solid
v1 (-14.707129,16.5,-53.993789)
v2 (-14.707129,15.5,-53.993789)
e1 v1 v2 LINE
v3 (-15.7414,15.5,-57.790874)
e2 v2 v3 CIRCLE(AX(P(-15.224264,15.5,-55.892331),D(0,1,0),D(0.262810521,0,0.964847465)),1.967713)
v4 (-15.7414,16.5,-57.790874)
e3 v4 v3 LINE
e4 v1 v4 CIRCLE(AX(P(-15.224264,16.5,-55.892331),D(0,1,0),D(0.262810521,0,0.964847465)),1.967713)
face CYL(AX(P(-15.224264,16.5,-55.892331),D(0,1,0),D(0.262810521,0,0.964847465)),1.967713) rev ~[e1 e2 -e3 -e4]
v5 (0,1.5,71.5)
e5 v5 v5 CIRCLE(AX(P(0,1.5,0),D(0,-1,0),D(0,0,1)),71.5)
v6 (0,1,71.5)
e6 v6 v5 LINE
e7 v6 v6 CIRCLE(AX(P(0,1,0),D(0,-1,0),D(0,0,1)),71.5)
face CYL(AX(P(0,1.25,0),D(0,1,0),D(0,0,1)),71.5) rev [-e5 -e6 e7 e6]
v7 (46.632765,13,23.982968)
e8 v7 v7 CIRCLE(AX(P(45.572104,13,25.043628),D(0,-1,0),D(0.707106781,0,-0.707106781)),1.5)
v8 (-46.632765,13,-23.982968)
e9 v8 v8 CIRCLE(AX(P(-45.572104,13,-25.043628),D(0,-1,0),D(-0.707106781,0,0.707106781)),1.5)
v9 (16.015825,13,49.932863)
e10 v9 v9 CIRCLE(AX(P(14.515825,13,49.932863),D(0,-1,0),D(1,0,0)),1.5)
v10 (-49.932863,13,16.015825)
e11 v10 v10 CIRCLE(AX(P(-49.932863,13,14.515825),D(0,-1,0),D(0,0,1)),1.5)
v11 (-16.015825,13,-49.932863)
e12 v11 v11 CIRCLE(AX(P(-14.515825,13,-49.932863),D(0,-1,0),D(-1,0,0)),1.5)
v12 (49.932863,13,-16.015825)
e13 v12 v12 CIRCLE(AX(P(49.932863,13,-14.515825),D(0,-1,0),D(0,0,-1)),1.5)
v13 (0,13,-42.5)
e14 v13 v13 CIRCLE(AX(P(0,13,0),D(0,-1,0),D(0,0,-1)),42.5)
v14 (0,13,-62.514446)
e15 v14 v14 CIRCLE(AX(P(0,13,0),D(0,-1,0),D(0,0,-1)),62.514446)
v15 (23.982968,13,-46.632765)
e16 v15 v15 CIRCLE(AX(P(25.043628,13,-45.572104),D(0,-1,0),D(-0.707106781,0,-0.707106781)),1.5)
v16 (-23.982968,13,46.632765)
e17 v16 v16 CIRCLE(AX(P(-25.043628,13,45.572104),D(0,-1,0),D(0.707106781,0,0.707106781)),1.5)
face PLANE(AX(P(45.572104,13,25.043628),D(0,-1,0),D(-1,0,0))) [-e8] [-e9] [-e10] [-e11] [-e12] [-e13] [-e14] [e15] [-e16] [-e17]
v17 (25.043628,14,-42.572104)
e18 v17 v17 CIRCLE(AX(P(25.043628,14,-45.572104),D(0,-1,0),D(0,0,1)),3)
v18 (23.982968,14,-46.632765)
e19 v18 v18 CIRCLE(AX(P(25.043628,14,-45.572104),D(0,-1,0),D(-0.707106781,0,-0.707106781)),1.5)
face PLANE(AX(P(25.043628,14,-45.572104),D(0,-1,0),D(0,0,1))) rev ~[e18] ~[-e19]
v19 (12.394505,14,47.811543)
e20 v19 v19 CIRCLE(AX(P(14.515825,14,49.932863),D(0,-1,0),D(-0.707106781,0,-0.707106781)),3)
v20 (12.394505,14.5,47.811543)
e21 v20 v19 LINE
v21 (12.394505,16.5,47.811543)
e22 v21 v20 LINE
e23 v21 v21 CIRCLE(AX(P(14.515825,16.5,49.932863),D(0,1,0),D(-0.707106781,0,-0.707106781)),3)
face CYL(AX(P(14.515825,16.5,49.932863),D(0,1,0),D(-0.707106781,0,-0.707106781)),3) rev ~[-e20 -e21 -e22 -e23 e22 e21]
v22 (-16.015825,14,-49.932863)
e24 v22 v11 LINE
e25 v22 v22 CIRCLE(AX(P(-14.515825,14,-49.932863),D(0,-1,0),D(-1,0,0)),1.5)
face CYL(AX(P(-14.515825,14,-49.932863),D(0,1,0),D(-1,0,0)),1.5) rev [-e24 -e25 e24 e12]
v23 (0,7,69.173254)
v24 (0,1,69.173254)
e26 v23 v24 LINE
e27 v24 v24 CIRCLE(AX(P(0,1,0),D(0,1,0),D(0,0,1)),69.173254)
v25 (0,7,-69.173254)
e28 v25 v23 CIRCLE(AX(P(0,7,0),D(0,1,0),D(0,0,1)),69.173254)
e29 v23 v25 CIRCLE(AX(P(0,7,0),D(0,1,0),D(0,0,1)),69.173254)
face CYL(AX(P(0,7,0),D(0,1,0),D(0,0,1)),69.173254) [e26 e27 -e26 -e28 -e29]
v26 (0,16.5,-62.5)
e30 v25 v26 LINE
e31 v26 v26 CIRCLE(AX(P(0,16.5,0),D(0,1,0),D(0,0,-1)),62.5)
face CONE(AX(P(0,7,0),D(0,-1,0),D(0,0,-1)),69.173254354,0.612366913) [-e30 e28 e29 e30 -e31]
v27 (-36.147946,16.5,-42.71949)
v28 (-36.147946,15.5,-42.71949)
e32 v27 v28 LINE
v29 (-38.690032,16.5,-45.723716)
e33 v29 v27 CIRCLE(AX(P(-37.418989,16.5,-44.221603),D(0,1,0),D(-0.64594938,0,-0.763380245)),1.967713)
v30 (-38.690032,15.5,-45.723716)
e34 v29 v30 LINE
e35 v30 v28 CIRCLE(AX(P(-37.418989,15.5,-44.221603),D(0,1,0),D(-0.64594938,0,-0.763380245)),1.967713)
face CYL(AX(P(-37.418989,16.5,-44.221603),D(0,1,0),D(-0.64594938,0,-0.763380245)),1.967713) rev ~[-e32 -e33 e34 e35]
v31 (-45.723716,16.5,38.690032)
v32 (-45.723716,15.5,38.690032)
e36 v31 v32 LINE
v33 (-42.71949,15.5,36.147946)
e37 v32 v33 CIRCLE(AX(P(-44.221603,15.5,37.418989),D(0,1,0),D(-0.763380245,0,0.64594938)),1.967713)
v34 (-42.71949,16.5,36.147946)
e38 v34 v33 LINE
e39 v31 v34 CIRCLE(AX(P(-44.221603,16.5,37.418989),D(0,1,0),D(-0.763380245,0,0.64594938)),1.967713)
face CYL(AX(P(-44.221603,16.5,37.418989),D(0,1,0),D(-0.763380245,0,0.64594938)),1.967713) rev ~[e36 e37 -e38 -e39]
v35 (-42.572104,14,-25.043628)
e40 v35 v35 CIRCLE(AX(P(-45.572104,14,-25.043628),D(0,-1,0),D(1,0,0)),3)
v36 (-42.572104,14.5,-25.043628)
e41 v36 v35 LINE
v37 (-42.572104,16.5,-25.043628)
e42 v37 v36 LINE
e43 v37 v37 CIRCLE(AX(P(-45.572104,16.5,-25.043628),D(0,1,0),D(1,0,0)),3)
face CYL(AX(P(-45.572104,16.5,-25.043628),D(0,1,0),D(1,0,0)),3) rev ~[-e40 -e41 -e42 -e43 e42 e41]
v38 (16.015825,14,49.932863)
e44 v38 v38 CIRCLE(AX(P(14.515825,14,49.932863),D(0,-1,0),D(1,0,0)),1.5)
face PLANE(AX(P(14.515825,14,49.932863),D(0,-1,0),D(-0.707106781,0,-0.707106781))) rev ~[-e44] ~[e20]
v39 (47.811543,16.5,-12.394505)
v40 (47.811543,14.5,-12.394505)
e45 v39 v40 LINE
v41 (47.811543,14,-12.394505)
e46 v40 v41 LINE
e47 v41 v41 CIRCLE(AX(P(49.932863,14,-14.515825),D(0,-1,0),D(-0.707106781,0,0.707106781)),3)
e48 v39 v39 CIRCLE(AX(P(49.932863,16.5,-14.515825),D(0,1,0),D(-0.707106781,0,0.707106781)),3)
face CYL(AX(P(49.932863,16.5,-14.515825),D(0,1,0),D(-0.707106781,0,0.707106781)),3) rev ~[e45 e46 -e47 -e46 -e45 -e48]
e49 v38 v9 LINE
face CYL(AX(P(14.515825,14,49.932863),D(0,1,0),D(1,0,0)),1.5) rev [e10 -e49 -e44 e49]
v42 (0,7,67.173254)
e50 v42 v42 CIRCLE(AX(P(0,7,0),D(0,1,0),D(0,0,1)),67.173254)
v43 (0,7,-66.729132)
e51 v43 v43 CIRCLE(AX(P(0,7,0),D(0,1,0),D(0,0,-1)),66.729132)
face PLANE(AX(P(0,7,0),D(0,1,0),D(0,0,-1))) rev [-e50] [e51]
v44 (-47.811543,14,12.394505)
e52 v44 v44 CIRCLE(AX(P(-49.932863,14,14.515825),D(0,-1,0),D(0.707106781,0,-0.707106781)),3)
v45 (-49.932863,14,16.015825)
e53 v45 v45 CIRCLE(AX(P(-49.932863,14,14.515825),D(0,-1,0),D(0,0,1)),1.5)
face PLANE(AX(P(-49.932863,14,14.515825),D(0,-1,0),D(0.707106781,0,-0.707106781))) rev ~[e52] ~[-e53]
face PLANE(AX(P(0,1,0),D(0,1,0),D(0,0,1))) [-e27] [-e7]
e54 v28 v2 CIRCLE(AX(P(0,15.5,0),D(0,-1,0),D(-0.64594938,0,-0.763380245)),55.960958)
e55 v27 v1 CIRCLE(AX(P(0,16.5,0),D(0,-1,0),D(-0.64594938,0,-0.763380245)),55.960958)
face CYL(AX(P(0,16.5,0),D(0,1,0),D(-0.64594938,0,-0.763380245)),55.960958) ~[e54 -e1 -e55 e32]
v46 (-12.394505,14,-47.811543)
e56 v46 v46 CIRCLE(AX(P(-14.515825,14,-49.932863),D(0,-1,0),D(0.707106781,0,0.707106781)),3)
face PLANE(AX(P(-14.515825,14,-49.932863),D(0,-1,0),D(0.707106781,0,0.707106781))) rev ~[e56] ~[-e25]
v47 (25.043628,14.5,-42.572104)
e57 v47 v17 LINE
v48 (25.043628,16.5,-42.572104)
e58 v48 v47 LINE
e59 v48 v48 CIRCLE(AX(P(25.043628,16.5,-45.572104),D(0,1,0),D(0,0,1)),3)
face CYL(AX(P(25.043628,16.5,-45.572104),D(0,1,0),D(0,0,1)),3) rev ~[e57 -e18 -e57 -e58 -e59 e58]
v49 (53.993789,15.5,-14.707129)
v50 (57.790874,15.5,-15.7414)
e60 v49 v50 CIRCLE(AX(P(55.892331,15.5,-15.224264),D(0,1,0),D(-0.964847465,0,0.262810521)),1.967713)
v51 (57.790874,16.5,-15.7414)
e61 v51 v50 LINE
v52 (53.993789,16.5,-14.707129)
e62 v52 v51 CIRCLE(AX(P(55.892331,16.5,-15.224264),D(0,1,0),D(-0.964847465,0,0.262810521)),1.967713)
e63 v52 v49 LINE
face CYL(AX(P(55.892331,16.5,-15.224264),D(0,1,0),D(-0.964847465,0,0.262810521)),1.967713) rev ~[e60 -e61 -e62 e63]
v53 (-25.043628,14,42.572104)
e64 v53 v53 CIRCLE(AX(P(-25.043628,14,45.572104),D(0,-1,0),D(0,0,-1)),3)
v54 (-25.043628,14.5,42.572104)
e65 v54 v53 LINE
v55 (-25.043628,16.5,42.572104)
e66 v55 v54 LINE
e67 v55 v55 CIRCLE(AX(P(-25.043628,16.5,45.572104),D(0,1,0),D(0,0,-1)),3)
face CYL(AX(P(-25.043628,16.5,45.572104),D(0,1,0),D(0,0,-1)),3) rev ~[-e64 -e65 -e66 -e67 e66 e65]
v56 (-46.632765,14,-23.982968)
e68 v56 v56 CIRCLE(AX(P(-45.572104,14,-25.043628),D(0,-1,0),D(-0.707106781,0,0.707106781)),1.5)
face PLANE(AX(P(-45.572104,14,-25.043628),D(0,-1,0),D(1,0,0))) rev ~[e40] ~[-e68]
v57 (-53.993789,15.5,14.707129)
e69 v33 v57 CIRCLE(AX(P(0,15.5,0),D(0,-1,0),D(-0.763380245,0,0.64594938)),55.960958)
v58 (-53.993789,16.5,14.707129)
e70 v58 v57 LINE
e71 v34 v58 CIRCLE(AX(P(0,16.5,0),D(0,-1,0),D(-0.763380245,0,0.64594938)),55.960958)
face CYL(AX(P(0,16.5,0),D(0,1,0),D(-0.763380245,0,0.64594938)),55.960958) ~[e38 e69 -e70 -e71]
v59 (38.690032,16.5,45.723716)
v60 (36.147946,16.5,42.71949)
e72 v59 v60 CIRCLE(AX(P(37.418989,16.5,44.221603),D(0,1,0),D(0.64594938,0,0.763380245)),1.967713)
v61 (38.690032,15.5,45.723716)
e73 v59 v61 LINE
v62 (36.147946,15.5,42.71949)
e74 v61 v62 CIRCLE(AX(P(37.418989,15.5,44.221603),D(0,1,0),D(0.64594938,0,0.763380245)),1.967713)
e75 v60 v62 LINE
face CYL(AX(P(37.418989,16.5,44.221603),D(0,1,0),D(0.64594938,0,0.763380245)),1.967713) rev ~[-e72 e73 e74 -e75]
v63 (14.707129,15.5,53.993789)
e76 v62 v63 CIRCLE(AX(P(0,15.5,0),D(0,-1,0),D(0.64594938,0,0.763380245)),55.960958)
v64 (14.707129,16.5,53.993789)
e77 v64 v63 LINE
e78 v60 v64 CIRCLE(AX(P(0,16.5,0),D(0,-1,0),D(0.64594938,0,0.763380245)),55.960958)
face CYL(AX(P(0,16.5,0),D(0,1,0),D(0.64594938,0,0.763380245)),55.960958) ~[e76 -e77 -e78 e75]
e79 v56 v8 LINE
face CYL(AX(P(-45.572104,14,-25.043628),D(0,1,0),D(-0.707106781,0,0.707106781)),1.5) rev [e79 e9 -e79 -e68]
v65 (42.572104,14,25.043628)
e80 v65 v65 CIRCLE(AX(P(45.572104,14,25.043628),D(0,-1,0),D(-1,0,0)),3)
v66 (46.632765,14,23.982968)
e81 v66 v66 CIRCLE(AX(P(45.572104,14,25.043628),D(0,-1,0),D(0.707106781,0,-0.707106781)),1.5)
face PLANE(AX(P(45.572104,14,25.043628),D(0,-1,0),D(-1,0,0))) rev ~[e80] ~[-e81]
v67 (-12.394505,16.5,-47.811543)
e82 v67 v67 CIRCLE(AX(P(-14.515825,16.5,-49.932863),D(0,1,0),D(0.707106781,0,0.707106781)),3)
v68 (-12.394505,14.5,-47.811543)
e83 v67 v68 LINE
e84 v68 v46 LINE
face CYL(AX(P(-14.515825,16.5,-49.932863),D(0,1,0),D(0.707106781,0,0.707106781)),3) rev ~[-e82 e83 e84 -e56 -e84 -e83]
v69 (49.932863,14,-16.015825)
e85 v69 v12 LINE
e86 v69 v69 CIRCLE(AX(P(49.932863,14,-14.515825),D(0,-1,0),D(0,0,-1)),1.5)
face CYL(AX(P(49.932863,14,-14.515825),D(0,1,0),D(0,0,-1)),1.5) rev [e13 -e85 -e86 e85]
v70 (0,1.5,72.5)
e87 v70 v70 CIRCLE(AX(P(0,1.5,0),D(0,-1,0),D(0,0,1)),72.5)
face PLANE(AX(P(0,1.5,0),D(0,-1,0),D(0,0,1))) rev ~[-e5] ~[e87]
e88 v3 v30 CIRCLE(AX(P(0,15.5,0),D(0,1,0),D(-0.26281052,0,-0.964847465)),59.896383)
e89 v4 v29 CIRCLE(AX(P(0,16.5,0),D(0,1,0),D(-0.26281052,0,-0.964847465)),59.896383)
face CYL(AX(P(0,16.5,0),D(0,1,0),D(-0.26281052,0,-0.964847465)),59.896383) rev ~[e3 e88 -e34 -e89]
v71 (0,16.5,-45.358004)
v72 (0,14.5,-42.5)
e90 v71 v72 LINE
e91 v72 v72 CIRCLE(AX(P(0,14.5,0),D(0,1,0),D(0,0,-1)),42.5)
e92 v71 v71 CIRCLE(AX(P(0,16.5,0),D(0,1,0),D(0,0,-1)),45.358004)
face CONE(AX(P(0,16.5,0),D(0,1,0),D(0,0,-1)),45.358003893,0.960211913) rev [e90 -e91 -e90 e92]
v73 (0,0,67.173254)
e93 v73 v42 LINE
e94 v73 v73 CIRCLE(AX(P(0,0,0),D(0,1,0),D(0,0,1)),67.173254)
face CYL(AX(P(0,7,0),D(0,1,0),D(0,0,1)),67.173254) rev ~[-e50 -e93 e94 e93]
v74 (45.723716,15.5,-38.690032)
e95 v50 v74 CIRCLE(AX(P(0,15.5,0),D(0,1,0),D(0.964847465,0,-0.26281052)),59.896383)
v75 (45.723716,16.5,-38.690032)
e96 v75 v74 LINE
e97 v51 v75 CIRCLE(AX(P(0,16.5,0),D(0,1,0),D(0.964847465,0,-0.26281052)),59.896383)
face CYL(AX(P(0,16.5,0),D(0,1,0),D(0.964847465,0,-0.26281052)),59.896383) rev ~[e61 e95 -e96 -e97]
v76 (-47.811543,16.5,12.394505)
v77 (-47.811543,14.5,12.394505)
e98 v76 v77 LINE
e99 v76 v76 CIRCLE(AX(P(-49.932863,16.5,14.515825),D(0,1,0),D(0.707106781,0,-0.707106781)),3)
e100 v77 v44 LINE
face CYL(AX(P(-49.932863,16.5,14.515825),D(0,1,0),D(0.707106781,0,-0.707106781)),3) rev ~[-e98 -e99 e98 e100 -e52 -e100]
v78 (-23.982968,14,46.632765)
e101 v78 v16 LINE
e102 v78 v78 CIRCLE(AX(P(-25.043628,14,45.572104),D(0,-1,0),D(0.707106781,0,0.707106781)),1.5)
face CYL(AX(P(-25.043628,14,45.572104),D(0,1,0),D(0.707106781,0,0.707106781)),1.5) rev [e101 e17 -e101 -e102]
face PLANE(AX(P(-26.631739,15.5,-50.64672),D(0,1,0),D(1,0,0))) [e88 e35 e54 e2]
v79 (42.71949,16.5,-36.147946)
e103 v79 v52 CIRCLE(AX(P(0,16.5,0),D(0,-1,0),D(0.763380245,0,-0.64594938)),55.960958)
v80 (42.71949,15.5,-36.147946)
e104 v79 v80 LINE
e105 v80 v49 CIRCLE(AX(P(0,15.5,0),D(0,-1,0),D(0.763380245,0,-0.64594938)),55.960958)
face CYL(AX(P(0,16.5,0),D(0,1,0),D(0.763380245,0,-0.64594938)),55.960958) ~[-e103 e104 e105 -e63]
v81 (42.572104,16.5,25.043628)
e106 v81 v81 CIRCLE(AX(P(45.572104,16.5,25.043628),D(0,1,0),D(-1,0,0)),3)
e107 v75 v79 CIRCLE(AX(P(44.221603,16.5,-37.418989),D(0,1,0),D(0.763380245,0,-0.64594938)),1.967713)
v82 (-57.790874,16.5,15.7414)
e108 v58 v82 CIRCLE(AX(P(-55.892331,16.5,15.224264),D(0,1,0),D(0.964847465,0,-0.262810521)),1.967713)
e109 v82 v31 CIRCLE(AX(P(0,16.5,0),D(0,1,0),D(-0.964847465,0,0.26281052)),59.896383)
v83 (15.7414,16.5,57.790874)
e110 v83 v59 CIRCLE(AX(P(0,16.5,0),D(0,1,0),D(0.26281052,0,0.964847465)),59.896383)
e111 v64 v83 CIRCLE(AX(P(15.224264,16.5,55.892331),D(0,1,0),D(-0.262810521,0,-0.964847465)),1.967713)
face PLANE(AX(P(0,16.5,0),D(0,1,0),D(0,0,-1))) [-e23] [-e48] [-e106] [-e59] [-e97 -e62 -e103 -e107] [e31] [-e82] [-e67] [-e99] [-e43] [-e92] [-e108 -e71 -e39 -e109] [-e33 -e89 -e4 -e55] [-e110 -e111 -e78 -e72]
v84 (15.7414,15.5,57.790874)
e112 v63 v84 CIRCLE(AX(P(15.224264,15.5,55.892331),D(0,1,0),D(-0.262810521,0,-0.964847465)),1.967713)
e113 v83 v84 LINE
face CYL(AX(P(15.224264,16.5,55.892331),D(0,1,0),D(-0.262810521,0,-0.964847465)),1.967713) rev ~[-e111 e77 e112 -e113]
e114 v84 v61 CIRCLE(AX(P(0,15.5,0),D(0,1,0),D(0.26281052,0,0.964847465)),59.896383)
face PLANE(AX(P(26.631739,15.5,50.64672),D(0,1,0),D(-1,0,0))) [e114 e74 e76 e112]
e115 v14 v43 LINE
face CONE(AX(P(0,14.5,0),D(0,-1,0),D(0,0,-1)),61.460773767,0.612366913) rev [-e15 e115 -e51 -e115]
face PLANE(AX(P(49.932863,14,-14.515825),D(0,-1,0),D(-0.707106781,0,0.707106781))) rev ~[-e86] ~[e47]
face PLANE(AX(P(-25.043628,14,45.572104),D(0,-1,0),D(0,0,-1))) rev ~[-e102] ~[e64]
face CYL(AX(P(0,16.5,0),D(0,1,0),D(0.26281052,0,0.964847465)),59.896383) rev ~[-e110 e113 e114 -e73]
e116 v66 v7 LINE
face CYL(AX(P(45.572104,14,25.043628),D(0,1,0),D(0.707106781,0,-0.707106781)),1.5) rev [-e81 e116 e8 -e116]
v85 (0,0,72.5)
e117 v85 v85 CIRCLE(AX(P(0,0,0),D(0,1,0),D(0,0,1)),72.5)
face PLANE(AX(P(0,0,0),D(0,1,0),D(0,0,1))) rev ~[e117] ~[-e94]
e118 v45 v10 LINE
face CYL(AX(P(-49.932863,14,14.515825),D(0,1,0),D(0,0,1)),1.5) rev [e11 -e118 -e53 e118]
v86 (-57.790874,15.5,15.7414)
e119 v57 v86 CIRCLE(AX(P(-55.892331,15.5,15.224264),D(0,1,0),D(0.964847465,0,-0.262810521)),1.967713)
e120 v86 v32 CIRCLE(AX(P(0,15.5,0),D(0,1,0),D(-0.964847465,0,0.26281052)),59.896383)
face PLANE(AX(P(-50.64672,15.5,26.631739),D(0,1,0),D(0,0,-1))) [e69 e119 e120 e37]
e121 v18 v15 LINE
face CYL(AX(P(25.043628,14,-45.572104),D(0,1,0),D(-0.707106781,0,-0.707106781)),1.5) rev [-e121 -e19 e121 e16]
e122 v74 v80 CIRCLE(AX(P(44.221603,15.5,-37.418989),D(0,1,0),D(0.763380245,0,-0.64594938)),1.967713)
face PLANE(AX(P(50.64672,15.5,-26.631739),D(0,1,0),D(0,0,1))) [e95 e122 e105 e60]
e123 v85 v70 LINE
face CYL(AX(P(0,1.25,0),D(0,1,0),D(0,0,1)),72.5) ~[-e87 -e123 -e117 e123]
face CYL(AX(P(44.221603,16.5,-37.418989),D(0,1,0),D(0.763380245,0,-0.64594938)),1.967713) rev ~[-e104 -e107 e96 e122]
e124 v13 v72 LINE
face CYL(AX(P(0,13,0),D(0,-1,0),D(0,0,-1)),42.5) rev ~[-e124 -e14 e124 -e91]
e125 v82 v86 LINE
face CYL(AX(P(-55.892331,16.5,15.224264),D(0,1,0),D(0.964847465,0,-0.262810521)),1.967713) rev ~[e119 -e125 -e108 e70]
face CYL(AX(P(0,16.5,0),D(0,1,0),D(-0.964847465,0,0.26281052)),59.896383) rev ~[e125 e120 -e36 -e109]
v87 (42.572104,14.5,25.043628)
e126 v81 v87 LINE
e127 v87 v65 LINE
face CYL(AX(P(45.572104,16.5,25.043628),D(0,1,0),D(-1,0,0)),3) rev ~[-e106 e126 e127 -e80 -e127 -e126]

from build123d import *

# Parameters (mm, degrees)
SKETCH_1_R               = 72.5
SKETCH_1_R_2             = 65
EXTRUDE_1_DEPTH          = 1
SKETCH_2_W               = 1
SKETCH_2_H               = 0.5
SKETCH_3_R               = 67.173254354
CUT_EXTRUDE_1_DEPTH      = 500
EXTRUDE_START            = 6
SKETCH_4_R               = 69.173254354
SKETCH_4_R_2             = 67.173254354
EXTRUDE_2_DEPTH          = 6
SKETCH_9_R               = 3
CUT_EXTRUDE_3_DEPTH      = 50
PATTERN_CIRCULAR_1_COUNT = 8
EXTRUDE_4_REACH          = 105.351
SKETCH_10_R              = 64.083899557
SKETCH_10_R_2            = 42.5
SKETCH_11_R              = 3
CUT_EXTRUDE_4_DEPTH      = 50
PATTERN_CIRCULAR_2_COUNT = 8
EXTRUDE_START_2          = -1
SKETCH_13_R              = 3
SKETCH_13_R_2            = 1.5
EXTRUDE_5_DEPTH          = 1
PATTERN_CIRCULAR_3_COUNT = 8
CUT_EXTRUDE_5_DEPTH      = 1
PATTERN_CIRCULAR_4_COUNT = 4


with BuildPart() as part:
    # 草图1 → 凸台-拉伸1 (new body)
    with BuildSketch(Plane(origin=(0, 0, 0), x_dir=(1, 0, 0), z_dir=(0, 1, 0))):
        with Locations(Location((0, 0, 0), (0, 0, 270))):
            Circle(SKETCH_1_R)
        with Locations(Location((0, 0, 0), (0, 0, 270))):
            Circle(SKETCH_1_R_2, mode=Mode.SUBTRACT)
    extrude(amount=EXTRUDE_1_DEPTH)

    # 草图2 → 旋转1 (revolve)
    with BuildSketch(Plane.XY, mode=Mode.PRIVATE) as revolve_1_sk:
        with Locations((-72, 1.25)):
            Rectangle(SKETCH_2_W, SKETCH_2_H)
    revolve(revolve_1_sk.sketch.rotate(Axis((0, 15.807831018, 0), (0, -1, 0)), 270), axis=Axis((0, 15.807831018, 0), (0, -1, 0)))

    # 草图3 → 切除-拉伸1 (cut)
    with BuildSketch(Plane(origin=(0, 1, 0), x_dir=(1, 0, 0), z_dir=(0, 1, 0))):
        with Locations(Location((0, 0, 0), (0, 0, 270))):
            Circle(SKETCH_3_R)
    extrude(amount=-CUT_EXTRUDE_1_DEPTH, mode=Mode.SUBTRACT)

    # 草图4 → 凸台-拉伸2 (add)
    with BuildSketch(Plane(origin=(0, 1, 0), x_dir=(1, 0, 0), z_dir=(0, 1, 0)).offset(EXTRUDE_START)):
        with Locations(Location((0, 0, 0), (0, 0, 270))):
            Circle(SKETCH_4_R)
        with Locations(Location((0, 0, 0), (0, 0, 270))):
            Circle(SKETCH_4_R_2, mode=Mode.SUBTRACT)
    extrude(amount=-EXTRUDE_2_DEPTH)

    # 草图5 → 旋转3 (revolve)
    with BuildSketch(Plane.XY, mode=Mode.PRIVATE) as revolve_3_sk:
        Polygon((-69.173254354, 7), (-62.5, 16.5), (-45.358003893, 16.5), (-42.5, 14.5), (-61.460773767, 14.5), (-66.729132467, 7), align=None)
    revolve(revolve_3_sk.sketch.rotate(Axis((0, 1.5, 0), (0, 1, 0)), 270), axis=Axis((0, 1.5, 0), (0, 1, 0)))

    # 草图9 → 切除-拉伸3 (cut)
    with BuildSketch(Plane(origin=(0, 16.5, 0), x_dir=(1, 0, 0), z_dir=(0, 1, 0))):
        with Locations(Location((25.043627949, 45.572104397, 0), (0, 0, 270))):
            Circle(SKETCH_9_R)
    cut_extrude_3 = extrude(amount=-CUT_EXTRUDE_3_DEPTH, mode=Mode.SUBTRACT)

    # 阵列(圆周)1: 切除-拉伸3 ×8 about axis
    pattern_circular_1_axis = Axis((0, 0, 0), (0, 1, 0))
    for i in range(1, PATTERN_CIRCULAR_1_COUNT):
        add(cut_extrude_3.rotate(pattern_circular_1_axis, i * 360 / PATTERN_CIRCULAR_1_COUNT), mode=Mode.SUBTRACT)

    # 凸台-拉伸4: up to this face of the body (flat: up to its plane)
    extrude_4_end = Plane(part.part.faces().sort_by_distance((0, 14.5, 59.72240057))[0])
    # 草图10 → 凸台-拉伸4 (add, up to the picked face)
    with BuildSketch(Plane.XZ.offset(-13), mode=Mode.PRIVATE) as extrude_4_sk1:
        with Locations(Location((0, 0, 0), (0, 0, 270))):
            Circle(SKETCH_10_R)
        with Locations(Location((0, 0, 0), (0, 0, 270))):
            Circle(SKETCH_10_R_2, mode=Mode.SUBTRACT)
    extrude_4_tool1 = split(extrude(extrude_4_sk1.sketch, amount=-EXTRUDE_4_REACH, mode=Mode.PRIVATE), bisect_by=extrude_4_end, keep=Keep.BOTH, mode=Mode.PRIVATE)
    add(extrude_4_tool1.solids().sort_by(Axis((0, 13, 62.271333), (0, 1, 0)))[0])

    # 草图11 → 切除-拉伸4 (cut)
    with BuildSketch(Plane(origin=(0, 16.5, 0), x_dir=(1, 0, 0), z_dir=(0, 1, 0))):
        with Locations(Location((14.515824903, -49.9328632, 0), (0, 0, 135))):
            Circle(SKETCH_11_R)
    cut_extrude_4 = extrude(amount=-CUT_EXTRUDE_4_DEPTH, mode=Mode.SUBTRACT)

    # 阵列(圆周)2: 切除-拉伸4 ×8 about axis
    pattern_circular_2_axis = Axis((0, 0, 0), (0, 1, 0))
    for i in range(1, PATTERN_CIRCULAR_2_COUNT):
        add(cut_extrude_4.rotate(pattern_circular_2_axis, i * 360 / PATTERN_CIRCULAR_2_COUNT), mode=Mode.SUBTRACT)

    # 草图12 → 切除-旋转1 (revolve, cut)
    with BuildSketch(Plane.XY, mode=Mode.PRIVATE) as cut_revolve_1_sk:
        Polygon((-69.173254354, 7), (-62.5, 16.5), (-70.752238468, 16.5), align=None)
    revolve(cut_revolve_1_sk.sketch.rotate(Axis((0, 0, 0), (0, 1, 0)), 270), axis=Axis((0, 0, 0), (0, 1, 0)), mode=Mode.SUBTRACT)

    # 草图13 → 凸台-拉伸5 (add)
    with BuildSketch(Plane.XZ.offset(-13).offset(EXTRUDE_START_2)):
        with Locations(Location((49.9328632, -14.515824903, 0), (0, 0, 135))):
            Circle(SKETCH_13_R)
        with Locations(Location((49.9328632, -14.515824903, 0), (0, 0, 270))):
            Circle(SKETCH_13_R_2, mode=Mode.SUBTRACT)
    extrude_5 = extrude(amount=EXTRUDE_5_DEPTH)

    # 阵列(圆周)3: 凸台-拉伸5 ×8 about axis
    pattern_circular_3_axis = Axis((0, 0, 0), (0, 1, 0))
    for i in range(1, PATTERN_CIRCULAR_3_COUNT):
        add(extrude_5.rotate(pattern_circular_3_axis, i * 360 / PATTERN_CIRCULAR_3_COUNT))

    # 草图14 → 切除-拉伸5 (cut)
    with BuildSketch(Plane(origin=(0, 16.5, 0), x_dir=(1, 0, 0), z_dir=(0, 1, 0))):
        with BuildLine():
            ThreePointArc((-15.741399661, 57.790873535), (-27.876499993, 53.013936615), (-38.69003161, 45.723715743))
            ThreePointArc((-38.69003161, 45.723715743), (-38.921101796, 42.950560173), (-36.147946226, 42.719489986))
            ThreePointArc((-36.147946226, 42.719489986), (-26.044905646, 49.530715026), (-14.707128549, 53.993788632))
            ThreePointArc((-14.707128549, 53.993788632), (-13.325721654, 56.40946664), (-15.741399661, 57.790873535))
        make_face()
    cut_extrude_5 = extrude(amount=-CUT_EXTRUDE_5_DEPTH, mode=Mode.SUBTRACT)

    # 阵列(圆周)4: 切除-拉伸5 ×4 about axis
    pattern_circular_4_axis = Axis((0, 0, 0), (0, 1, 0))
    for i in range(1, PATTERN_CIRCULAR_4_COUNT):
        add(cut_extrude_5.rotate(pattern_circular_4_axis, i * 360 / PATTERN_CIRCULAR_4_COUNT), mode=Mode.SUBTRACT)


solid = part.part
